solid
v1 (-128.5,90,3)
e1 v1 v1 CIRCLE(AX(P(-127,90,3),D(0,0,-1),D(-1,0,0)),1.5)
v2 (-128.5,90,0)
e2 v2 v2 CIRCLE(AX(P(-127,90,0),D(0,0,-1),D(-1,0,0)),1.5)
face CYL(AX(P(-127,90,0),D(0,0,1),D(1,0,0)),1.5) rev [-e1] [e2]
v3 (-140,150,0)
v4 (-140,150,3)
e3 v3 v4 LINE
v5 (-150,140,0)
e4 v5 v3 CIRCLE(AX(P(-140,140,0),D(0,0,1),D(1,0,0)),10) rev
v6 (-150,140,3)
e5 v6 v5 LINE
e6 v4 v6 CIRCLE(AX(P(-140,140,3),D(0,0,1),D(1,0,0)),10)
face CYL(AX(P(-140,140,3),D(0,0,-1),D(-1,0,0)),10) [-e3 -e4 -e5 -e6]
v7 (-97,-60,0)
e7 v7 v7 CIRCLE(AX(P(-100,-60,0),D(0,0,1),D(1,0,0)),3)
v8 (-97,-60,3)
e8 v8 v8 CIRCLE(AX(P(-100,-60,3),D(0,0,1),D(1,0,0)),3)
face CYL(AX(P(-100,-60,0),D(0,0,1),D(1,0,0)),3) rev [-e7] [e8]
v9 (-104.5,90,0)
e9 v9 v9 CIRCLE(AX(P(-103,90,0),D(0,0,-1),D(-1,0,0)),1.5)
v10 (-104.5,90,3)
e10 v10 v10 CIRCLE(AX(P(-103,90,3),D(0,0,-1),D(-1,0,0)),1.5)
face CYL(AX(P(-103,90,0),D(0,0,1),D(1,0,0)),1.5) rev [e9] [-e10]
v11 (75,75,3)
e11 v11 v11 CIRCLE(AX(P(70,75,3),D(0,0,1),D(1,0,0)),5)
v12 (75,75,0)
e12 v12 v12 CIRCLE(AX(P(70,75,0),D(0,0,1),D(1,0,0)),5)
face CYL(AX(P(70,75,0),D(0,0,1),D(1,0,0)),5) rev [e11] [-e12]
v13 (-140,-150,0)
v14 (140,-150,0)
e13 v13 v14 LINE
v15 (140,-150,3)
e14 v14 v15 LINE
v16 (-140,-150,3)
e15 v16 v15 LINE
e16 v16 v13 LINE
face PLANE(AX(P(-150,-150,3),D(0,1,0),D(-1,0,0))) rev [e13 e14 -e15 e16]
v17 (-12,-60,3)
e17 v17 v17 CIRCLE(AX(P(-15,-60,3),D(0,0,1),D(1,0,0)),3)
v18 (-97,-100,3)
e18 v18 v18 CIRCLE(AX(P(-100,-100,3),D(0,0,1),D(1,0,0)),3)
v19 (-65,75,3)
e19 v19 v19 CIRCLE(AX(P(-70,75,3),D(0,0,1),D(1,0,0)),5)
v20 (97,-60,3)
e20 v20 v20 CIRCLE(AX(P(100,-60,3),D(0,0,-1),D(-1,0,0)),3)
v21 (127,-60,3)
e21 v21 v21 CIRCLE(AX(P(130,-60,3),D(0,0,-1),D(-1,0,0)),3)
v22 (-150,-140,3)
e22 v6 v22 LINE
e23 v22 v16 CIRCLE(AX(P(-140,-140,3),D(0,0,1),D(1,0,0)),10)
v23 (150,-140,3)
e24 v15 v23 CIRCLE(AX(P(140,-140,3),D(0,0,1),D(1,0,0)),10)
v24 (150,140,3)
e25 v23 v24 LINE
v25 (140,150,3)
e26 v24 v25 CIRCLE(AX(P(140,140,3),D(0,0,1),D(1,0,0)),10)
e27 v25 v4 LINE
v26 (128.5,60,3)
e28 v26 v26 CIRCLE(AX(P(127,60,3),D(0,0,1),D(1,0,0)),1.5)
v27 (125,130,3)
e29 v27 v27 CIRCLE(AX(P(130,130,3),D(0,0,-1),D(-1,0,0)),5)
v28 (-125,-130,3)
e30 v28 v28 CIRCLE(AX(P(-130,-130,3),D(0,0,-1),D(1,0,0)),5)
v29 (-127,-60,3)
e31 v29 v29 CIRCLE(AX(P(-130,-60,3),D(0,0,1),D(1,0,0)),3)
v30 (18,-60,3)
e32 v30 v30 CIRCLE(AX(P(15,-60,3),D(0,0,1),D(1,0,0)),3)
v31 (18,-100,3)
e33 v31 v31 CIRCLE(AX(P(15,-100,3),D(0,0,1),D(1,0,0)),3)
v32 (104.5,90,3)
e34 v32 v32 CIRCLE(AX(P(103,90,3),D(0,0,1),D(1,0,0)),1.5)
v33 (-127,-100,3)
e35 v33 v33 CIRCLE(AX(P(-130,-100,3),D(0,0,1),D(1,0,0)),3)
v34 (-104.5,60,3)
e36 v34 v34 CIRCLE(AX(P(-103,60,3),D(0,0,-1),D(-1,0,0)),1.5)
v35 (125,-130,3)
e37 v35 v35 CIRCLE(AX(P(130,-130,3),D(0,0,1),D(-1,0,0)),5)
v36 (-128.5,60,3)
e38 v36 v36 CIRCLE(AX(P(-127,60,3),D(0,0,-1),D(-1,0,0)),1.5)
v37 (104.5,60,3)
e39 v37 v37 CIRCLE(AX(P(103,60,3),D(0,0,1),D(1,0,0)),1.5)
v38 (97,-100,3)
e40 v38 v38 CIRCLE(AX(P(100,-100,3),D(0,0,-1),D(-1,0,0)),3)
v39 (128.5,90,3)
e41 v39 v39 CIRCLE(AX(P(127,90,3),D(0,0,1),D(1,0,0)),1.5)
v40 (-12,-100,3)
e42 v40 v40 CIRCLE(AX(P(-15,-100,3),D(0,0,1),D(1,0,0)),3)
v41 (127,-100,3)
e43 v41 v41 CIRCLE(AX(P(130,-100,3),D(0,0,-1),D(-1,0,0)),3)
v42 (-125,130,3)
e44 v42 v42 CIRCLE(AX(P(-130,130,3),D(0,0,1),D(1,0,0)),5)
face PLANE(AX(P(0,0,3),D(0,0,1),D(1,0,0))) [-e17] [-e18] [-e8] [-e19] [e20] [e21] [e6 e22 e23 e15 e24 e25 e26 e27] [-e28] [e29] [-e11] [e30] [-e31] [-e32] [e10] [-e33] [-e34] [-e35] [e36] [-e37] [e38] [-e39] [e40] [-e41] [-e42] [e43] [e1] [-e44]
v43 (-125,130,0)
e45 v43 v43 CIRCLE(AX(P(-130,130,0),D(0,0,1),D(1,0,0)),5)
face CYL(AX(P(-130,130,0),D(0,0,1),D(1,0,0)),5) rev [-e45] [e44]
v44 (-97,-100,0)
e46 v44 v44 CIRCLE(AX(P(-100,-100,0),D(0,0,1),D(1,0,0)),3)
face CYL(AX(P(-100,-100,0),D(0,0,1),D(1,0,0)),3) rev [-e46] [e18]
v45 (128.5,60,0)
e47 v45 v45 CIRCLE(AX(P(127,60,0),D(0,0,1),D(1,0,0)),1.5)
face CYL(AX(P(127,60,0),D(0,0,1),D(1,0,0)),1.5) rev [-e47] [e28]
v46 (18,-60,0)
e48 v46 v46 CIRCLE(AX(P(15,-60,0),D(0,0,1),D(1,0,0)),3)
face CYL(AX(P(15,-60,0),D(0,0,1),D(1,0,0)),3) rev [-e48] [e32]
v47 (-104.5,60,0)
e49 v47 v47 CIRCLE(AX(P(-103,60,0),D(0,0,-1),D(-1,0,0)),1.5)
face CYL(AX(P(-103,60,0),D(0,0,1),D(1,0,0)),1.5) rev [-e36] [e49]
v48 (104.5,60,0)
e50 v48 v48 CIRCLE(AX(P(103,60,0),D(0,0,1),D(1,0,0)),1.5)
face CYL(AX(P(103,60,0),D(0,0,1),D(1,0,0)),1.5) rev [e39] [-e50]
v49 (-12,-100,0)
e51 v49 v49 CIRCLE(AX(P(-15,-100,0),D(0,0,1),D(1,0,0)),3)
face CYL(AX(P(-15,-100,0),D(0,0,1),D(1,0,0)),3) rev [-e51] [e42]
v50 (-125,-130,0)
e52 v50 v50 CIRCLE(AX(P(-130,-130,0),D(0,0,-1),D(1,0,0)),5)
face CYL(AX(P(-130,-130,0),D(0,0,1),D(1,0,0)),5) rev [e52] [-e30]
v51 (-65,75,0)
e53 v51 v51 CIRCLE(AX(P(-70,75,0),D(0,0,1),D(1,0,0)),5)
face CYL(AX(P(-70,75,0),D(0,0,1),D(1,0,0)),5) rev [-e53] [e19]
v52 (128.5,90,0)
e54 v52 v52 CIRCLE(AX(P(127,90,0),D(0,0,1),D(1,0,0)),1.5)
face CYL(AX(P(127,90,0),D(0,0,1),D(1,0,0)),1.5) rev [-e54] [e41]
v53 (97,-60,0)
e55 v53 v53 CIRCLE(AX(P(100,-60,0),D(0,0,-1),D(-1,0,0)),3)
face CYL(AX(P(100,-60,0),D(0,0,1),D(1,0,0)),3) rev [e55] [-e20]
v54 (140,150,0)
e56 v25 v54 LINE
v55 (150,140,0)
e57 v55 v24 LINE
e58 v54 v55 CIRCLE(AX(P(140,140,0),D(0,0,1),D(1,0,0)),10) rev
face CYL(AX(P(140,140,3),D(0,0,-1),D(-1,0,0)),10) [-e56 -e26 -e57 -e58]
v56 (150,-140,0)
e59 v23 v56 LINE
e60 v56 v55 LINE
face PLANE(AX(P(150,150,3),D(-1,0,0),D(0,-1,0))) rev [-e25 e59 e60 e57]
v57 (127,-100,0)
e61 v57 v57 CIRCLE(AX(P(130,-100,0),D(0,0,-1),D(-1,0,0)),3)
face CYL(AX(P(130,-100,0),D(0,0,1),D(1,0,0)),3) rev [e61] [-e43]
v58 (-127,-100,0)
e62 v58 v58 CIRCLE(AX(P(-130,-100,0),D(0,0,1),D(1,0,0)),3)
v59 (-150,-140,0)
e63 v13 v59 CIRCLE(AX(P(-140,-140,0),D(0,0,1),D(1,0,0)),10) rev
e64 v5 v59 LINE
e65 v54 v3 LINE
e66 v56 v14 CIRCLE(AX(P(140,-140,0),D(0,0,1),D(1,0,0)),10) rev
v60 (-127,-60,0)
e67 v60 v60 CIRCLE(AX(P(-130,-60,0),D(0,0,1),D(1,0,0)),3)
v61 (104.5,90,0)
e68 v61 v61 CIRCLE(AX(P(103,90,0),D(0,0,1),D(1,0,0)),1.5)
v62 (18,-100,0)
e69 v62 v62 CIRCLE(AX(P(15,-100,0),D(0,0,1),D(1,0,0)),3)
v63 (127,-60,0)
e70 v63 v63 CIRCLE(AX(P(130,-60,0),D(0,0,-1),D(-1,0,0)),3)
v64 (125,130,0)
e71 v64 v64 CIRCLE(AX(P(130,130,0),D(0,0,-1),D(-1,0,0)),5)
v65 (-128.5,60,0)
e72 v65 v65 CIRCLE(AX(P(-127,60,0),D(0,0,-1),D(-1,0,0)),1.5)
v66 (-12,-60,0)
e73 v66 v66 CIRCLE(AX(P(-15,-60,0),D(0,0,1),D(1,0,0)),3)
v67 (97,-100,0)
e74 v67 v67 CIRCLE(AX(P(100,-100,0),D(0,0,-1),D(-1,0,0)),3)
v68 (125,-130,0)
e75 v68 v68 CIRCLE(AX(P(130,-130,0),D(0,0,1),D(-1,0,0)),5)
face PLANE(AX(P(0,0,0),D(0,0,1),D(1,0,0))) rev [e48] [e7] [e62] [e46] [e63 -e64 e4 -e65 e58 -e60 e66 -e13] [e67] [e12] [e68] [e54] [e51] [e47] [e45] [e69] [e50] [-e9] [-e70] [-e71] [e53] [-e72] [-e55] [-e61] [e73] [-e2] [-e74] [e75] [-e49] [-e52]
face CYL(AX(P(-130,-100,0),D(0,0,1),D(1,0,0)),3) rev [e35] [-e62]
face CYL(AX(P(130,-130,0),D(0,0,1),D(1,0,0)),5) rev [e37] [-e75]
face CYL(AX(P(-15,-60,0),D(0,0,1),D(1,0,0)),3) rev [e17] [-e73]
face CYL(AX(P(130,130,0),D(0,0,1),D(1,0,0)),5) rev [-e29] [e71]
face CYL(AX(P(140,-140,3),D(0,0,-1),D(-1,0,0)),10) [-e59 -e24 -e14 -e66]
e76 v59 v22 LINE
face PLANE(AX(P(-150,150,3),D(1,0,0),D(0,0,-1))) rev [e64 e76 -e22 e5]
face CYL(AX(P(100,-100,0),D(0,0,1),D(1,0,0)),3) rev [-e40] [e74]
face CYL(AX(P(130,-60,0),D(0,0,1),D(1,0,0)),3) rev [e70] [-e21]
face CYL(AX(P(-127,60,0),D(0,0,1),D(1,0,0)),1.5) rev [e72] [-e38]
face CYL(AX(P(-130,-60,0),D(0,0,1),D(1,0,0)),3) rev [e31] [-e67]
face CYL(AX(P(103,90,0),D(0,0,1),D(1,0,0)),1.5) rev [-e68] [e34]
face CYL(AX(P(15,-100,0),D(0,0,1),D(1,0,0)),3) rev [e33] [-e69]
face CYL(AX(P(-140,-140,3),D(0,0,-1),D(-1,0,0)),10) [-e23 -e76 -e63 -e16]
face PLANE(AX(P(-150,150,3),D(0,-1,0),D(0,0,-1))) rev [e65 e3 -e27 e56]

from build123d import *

# Parameters (mm, degrees)
SKETCH_1_W               = 300
SKETCH_1_H               = 300
EXTRUDE_1_DEPTH          = 3
SKETCH_2_R               = 1.5
CUT_EXTRUDE_1_DEPTH      = 213.153246499
FILLET_1_R               = 10
SKETCH_3_R               = 5
CUT_EXTRUDE_2_DEPTH      = 213.153246499
MIRROR_3_COPY_1_SKETCH_R = 5
MIRROR_3_COPY_1_DEPTH    = 213.153246499
SKETCH_4_R               = 5
CUT_EXTRUDE_3_DEPTH      = 213.153246499
SKETCH_5_R               = 3
CUT_EXTRUDE_4_DEPTH      = 213.153246499
SKETCH_6_R               = 3
CUT_EXTRUDE_5_DEPTH      = 213.153246499


with BuildPart() as part:
    # 草图1 → 凸台-拉伸1 (new body)
    with BuildSketch(Plane.XY):
        Rectangle(SKETCH_1_W, SKETCH_1_H)
    extrude(amount=EXTRUDE_1_DEPTH)

    # 草图2 → 切除-拉伸1 (cut, through all)
    with BuildSketch(Plane.XY.offset(3)):
        with Locations((103, 90)):
            Circle(SKETCH_2_R)
        with Locations((127, 90)):
            Circle(SKETCH_2_R)
        with Locations((103, 60)):
            Circle(SKETCH_2_R)
        with Locations((127, 60)):
            Circle(SKETCH_2_R)
    cut_extrude_1 = extrude(amount=-CUT_EXTRUDE_1_DEPTH, mode=Mode.SUBTRACT)

    # 镜向1: 切除-拉伸1 across plane
    add(cut_extrude_1.mirror(Plane(origin=(0, 0, 0), x_dir=(0, 0, 1), z_dir=(1, 0, 0))), mode=Mode.SUBTRACT)

    # 圆角1
    fillet_1_edges = [part.edges().sort_by_distance(p)[0] for p in [
        (-150, 150, 1.5),
        (150, 150, 1.5),
        (150, -150, 1.5),
        (-150, -150, 1.5),
    ]]
    fillet(fillet_1_edges, radius=FILLET_1_R)

    # 草图3 → 切除-拉伸2 (cut, through all)
    with BuildSketch(Plane.XY.offset(3)):
        with Locations((-130, 130)):
            Circle(SKETCH_3_R)
    cut_extrude_2 = extrude(amount=-CUT_EXTRUDE_2_DEPTH, mode=Mode.SUBTRACT)

    # 镜向2: 切除-拉伸2 across plane
    add(cut_extrude_2.mirror(Plane(origin=(0, 0, 0), x_dir=(0, 0, 1), z_dir=(1, 0, 0))), mode=Mode.SUBTRACT)

    # 镜向3: 切除-拉伸2 across plane
    add(cut_extrude_2.mirror(Plane.ZX), mode=Mode.SUBTRACT)

    # 镜向3 copy 1 sketch → 镜向3 copy 1 (cut, through all)
    with BuildSketch(Plane(origin=(0, 0, 3), x_dir=(-1, 0, 0), z_dir=(0, 0, 1))):
        with Locations((-130, 130)):
            Circle(MIRROR_3_COPY_1_SKETCH_R)
    extrude(amount=-MIRROR_3_COPY_1_DEPTH, mode=Mode.SUBTRACT)

    # 草图4 → 切除-拉伸3 (cut, through all)
    with BuildSketch(Plane.XY.offset(3)):
        with Locations((-70, 75)):
            Circle(SKETCH_4_R)
        with Locations((70, 75)):
            Circle(SKETCH_4_R)
    extrude(amount=-CUT_EXTRUDE_3_DEPTH, mode=Mode.SUBTRACT)

    # 草图5 → 切除-拉伸4 (cut, through all)
    with BuildSketch(Plane.XY.offset(3)):
        with Locations((-130, -100)):
            Circle(SKETCH_5_R)
        with Locations((-130, -60)):
            Circle(SKETCH_5_R)
        with Locations((-100, -60)):
            Circle(SKETCH_5_R)
        with Locations((-100, -100)):
            Circle(SKETCH_5_R)
    cut_extrude_4 = extrude(amount=-CUT_EXTRUDE_4_DEPTH, mode=Mode.SUBTRACT)

    # 镜向4: 切除-拉伸4 across plane
    add(cut_extrude_4.mirror(Plane(origin=(0, 0, 0), x_dir=(0, 0, 1), z_dir=(1, 0, 0))), mode=Mode.SUBTRACT)

    # 草图6 → 切除-拉伸5 (cut, through all)
    with BuildSketch(Plane.XY.offset(3)):
        with Locations((-15, -60)):
            Circle(SKETCH_6_R)
        with Locations((15, -60)):
            Circle(SKETCH_6_R)
        with Locations((-15, -100)):
            Circle(SKETCH_6_R)
        with Locations((15, -100)):
            Circle(SKETCH_6_R)
    extrude(amount=-CUT_EXTRUDE_5_DEPTH, mode=Mode.SUBTRACT)


solid = part.part
